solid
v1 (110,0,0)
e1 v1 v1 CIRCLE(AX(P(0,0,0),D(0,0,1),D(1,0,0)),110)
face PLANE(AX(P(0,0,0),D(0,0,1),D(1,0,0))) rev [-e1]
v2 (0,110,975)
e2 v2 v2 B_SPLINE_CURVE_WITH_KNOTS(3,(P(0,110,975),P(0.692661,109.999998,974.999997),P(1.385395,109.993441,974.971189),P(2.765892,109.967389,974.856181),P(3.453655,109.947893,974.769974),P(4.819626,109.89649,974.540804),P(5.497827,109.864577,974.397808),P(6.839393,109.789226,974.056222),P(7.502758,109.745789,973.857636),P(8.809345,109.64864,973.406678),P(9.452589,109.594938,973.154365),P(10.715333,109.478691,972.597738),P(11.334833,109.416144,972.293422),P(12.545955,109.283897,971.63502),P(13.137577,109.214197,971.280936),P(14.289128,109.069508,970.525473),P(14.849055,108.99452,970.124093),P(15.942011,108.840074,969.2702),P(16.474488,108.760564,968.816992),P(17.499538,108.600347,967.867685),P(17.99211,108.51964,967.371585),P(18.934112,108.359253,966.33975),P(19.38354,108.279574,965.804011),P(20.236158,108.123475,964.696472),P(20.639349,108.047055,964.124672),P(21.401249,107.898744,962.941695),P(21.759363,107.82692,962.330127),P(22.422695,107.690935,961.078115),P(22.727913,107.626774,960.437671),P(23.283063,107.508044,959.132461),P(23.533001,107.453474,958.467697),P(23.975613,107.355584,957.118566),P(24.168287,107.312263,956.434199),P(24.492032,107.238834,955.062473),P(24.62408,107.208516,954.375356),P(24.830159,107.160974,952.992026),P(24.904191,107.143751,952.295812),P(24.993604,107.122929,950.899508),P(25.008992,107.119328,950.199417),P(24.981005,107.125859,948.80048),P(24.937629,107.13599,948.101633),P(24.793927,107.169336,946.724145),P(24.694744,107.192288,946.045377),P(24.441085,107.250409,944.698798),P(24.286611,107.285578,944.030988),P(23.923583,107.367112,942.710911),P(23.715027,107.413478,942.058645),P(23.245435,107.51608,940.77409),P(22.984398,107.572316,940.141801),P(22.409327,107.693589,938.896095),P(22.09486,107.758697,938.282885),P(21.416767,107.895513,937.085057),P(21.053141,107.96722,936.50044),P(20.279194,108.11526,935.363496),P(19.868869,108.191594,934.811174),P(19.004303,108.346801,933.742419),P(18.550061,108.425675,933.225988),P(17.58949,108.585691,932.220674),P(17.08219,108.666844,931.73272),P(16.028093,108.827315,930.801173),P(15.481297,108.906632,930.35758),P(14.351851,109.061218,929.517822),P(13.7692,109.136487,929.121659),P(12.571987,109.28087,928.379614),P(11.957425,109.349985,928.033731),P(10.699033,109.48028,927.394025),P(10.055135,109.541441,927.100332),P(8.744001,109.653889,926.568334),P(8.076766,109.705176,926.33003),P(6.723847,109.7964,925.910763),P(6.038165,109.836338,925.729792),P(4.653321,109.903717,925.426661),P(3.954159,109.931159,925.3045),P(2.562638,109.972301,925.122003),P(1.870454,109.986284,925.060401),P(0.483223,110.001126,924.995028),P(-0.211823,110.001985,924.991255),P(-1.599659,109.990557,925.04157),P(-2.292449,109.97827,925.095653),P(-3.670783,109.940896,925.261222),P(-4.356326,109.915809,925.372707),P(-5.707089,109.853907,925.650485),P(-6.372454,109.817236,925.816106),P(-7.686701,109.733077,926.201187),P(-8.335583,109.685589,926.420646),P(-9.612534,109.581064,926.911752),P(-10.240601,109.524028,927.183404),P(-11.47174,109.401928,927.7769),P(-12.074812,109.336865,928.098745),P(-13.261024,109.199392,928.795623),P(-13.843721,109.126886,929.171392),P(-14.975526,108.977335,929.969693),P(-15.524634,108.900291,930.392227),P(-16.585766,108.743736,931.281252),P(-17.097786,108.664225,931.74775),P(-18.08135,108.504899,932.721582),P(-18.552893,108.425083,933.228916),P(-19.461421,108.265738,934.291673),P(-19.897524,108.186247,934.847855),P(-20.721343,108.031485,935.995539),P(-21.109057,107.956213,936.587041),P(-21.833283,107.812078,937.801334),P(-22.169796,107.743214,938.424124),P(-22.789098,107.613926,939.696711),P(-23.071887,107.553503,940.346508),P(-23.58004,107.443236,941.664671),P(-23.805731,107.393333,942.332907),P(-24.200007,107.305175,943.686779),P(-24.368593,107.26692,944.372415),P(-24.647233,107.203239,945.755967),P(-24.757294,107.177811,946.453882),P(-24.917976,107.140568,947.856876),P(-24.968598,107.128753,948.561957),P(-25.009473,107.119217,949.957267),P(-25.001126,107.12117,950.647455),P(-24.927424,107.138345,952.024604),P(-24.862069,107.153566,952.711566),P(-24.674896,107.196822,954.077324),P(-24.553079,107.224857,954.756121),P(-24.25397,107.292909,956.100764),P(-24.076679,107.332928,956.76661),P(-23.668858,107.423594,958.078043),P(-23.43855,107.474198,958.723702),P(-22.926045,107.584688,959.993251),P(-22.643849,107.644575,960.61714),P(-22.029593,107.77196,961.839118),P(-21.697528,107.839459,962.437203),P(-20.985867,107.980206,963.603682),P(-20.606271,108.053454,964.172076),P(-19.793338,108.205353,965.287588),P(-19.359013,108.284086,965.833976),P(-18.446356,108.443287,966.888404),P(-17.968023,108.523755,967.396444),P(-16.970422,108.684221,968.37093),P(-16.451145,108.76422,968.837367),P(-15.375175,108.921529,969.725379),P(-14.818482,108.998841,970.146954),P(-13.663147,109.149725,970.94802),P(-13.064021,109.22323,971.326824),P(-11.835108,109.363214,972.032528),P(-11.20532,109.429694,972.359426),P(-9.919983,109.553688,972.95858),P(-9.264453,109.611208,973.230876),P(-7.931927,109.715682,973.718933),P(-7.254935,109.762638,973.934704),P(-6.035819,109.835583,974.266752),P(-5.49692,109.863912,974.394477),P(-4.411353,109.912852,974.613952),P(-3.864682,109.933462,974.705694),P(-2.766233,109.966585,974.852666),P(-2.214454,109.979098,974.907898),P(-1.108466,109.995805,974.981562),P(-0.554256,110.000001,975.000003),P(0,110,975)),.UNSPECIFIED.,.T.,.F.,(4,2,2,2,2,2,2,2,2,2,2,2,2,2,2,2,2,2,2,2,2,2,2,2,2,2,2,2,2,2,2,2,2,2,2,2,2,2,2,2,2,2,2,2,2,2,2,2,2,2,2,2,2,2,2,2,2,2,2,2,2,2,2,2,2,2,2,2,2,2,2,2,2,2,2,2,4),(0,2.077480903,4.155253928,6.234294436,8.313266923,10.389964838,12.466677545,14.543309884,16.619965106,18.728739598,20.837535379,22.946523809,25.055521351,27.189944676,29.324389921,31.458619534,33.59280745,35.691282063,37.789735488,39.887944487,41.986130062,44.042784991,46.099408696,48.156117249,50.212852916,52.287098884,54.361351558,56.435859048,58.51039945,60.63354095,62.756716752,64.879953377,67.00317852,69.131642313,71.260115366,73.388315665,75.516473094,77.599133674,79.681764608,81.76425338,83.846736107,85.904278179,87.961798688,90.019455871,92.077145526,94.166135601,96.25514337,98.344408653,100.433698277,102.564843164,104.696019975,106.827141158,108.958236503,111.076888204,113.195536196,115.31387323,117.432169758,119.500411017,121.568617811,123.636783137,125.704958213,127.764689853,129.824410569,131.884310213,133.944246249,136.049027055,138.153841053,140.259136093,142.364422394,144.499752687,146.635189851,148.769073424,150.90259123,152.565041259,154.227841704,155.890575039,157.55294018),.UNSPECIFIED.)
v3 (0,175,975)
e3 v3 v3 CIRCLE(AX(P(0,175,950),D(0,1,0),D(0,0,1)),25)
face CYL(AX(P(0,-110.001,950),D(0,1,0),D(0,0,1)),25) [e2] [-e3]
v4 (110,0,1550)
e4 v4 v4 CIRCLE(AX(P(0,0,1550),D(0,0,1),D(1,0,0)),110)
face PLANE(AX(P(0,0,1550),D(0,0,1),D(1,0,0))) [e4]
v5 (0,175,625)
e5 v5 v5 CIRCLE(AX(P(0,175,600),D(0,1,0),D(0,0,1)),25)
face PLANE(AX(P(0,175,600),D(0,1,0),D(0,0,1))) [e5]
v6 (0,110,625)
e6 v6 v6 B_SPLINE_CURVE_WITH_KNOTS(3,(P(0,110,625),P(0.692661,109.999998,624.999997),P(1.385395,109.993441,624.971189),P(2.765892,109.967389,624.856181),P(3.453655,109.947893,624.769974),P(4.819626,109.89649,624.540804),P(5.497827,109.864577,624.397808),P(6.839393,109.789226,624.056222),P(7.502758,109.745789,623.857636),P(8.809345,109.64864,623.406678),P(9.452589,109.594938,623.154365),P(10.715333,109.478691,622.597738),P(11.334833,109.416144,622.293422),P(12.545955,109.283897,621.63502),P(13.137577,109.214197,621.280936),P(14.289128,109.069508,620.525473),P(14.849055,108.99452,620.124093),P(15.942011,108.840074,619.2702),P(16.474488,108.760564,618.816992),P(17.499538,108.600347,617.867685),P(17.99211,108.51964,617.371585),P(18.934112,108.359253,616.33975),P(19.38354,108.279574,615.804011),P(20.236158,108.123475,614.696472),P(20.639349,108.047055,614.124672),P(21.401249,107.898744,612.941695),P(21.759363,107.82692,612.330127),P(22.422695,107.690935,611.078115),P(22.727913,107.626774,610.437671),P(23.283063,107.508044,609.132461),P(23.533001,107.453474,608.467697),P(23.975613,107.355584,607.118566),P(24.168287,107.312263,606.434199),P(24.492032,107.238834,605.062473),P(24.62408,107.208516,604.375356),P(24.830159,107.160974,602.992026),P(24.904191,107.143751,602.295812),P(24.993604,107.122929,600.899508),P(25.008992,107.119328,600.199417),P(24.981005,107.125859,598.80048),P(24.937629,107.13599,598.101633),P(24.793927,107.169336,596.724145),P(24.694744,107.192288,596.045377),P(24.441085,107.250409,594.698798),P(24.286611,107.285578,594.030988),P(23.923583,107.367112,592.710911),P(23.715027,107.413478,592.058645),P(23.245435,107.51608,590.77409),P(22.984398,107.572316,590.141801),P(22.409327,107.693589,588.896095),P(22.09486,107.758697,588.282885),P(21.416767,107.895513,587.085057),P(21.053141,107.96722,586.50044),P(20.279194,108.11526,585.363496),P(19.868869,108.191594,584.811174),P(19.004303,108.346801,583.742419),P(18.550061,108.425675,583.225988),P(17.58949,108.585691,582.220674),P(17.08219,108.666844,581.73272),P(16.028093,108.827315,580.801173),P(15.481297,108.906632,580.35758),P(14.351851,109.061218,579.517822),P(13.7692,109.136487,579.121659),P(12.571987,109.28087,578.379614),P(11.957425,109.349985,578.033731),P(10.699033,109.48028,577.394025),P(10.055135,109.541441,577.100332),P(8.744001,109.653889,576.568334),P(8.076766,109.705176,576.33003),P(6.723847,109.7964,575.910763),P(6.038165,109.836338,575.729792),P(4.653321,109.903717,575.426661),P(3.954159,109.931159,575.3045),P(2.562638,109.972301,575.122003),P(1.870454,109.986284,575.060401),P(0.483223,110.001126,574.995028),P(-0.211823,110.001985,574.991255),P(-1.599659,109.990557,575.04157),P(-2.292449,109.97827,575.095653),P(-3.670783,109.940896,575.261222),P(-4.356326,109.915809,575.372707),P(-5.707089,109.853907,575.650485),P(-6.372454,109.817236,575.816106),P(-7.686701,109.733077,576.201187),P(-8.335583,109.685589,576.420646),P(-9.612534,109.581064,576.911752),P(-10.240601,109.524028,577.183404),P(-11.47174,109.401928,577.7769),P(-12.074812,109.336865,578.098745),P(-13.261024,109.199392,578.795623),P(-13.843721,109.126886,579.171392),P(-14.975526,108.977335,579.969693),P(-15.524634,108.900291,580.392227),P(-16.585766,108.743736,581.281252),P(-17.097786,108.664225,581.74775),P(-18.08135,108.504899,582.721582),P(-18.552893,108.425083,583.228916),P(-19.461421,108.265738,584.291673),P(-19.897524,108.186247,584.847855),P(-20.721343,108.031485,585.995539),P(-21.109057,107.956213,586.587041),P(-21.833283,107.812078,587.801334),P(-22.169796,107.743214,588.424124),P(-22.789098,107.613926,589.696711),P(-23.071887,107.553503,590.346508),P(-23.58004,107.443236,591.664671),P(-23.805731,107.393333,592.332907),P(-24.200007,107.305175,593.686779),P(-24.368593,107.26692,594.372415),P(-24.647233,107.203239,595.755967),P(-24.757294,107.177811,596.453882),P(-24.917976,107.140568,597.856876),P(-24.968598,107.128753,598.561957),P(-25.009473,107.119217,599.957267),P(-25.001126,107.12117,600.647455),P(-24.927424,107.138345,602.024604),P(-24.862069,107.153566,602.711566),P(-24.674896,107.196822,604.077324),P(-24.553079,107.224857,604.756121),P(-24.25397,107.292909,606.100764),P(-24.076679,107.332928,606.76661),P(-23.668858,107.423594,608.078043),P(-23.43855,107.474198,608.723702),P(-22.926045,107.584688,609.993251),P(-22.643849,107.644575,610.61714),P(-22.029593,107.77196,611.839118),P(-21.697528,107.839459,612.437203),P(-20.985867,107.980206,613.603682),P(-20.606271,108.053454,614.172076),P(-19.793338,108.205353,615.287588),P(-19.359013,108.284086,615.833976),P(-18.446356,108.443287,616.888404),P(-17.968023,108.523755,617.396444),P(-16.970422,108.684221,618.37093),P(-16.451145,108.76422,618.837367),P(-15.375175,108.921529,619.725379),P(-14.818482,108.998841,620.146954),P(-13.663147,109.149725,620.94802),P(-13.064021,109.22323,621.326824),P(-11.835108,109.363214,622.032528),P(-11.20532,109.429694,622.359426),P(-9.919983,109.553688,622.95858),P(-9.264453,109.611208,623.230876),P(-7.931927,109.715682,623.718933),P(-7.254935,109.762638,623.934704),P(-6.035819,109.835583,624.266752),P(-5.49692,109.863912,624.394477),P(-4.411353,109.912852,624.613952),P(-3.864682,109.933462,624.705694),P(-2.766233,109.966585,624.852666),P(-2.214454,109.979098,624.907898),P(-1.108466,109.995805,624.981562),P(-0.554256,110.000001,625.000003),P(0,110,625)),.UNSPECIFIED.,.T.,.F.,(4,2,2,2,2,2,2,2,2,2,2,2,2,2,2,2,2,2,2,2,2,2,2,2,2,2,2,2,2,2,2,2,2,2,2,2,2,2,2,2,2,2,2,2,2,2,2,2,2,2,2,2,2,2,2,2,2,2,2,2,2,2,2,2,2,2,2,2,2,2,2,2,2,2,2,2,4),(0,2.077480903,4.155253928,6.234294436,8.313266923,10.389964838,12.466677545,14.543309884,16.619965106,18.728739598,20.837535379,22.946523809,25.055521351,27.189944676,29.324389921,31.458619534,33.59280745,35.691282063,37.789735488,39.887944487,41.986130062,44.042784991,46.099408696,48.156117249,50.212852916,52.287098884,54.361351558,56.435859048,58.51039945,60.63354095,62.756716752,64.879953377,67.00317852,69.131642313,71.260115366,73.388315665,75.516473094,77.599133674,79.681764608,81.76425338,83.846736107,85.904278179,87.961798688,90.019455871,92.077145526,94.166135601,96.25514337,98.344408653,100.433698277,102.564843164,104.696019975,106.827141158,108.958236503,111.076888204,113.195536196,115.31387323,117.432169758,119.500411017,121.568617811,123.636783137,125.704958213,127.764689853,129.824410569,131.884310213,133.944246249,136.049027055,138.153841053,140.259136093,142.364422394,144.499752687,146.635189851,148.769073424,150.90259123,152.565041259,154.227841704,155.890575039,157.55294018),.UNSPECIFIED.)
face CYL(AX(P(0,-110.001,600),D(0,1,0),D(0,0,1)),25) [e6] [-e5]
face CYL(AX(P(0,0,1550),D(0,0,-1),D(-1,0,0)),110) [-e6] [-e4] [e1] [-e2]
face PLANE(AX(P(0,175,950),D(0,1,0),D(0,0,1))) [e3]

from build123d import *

# Parameters (mm, degrees)
ESBO_O1_R                = 110
RESSALTO_EXTRUS_O1_DEPTH = 1550
RESSALTO_EXTRUS_O2_REACH = 287
ESBO_O3_R                = 25


with BuildPart() as part:
    # Esboço1 → Ressalto-extrusão1 (new body)
    with BuildSketch(Plane.XY):
        Circle(ESBO_O1_R)
    extrude(amount=RESSALTO_EXTRUS_O1_DEPTH)

    # Esboço3 → Ressalto-extrusão2 (add, up to next)
    with BuildSketch(Plane(origin=(0, 175, 0), x_dir=(1, 0, 0), z_dir=(0, 1, 0)), mode=Mode.PRIVATE) as ressalto_extrus_o2_sk1:
        with Locations((0, -600)):
            Circle(ESBO_O3_R)
    ressalto_extrus_o2_tool1 = extrude(ressalto_extrus_o2_sk1.sketch, amount=-RESSALTO_EXTRUS_O2_REACH, mode=Mode.PRIVATE) - part.part
    add(ressalto_extrus_o2_tool1.solids().sort_by_distance((0, 175, 600))[0])
    # Esboço3 → Ressalto-extrusão2 (add, up to next)
    with BuildSketch(Plane(origin=(0, 175, 0), x_dir=(1, 0, 0), z_dir=(0, 1, 0)), mode=Mode.PRIVATE) as ressalto_extrus_o2_sk2:
        with Locations((0, -950)):
            Circle(ESBO_O3_R)
    ressalto_extrus_o2_tool2 = extrude(ressalto_extrus_o2_sk2.sketch, amount=-RESSALTO_EXTRUS_O2_REACH, mode=Mode.PRIVATE) - part.part
    add(ressalto_extrus_o2_tool2.solids().sort_by_distance((0, 175, 950))[0])


solid = part.part
